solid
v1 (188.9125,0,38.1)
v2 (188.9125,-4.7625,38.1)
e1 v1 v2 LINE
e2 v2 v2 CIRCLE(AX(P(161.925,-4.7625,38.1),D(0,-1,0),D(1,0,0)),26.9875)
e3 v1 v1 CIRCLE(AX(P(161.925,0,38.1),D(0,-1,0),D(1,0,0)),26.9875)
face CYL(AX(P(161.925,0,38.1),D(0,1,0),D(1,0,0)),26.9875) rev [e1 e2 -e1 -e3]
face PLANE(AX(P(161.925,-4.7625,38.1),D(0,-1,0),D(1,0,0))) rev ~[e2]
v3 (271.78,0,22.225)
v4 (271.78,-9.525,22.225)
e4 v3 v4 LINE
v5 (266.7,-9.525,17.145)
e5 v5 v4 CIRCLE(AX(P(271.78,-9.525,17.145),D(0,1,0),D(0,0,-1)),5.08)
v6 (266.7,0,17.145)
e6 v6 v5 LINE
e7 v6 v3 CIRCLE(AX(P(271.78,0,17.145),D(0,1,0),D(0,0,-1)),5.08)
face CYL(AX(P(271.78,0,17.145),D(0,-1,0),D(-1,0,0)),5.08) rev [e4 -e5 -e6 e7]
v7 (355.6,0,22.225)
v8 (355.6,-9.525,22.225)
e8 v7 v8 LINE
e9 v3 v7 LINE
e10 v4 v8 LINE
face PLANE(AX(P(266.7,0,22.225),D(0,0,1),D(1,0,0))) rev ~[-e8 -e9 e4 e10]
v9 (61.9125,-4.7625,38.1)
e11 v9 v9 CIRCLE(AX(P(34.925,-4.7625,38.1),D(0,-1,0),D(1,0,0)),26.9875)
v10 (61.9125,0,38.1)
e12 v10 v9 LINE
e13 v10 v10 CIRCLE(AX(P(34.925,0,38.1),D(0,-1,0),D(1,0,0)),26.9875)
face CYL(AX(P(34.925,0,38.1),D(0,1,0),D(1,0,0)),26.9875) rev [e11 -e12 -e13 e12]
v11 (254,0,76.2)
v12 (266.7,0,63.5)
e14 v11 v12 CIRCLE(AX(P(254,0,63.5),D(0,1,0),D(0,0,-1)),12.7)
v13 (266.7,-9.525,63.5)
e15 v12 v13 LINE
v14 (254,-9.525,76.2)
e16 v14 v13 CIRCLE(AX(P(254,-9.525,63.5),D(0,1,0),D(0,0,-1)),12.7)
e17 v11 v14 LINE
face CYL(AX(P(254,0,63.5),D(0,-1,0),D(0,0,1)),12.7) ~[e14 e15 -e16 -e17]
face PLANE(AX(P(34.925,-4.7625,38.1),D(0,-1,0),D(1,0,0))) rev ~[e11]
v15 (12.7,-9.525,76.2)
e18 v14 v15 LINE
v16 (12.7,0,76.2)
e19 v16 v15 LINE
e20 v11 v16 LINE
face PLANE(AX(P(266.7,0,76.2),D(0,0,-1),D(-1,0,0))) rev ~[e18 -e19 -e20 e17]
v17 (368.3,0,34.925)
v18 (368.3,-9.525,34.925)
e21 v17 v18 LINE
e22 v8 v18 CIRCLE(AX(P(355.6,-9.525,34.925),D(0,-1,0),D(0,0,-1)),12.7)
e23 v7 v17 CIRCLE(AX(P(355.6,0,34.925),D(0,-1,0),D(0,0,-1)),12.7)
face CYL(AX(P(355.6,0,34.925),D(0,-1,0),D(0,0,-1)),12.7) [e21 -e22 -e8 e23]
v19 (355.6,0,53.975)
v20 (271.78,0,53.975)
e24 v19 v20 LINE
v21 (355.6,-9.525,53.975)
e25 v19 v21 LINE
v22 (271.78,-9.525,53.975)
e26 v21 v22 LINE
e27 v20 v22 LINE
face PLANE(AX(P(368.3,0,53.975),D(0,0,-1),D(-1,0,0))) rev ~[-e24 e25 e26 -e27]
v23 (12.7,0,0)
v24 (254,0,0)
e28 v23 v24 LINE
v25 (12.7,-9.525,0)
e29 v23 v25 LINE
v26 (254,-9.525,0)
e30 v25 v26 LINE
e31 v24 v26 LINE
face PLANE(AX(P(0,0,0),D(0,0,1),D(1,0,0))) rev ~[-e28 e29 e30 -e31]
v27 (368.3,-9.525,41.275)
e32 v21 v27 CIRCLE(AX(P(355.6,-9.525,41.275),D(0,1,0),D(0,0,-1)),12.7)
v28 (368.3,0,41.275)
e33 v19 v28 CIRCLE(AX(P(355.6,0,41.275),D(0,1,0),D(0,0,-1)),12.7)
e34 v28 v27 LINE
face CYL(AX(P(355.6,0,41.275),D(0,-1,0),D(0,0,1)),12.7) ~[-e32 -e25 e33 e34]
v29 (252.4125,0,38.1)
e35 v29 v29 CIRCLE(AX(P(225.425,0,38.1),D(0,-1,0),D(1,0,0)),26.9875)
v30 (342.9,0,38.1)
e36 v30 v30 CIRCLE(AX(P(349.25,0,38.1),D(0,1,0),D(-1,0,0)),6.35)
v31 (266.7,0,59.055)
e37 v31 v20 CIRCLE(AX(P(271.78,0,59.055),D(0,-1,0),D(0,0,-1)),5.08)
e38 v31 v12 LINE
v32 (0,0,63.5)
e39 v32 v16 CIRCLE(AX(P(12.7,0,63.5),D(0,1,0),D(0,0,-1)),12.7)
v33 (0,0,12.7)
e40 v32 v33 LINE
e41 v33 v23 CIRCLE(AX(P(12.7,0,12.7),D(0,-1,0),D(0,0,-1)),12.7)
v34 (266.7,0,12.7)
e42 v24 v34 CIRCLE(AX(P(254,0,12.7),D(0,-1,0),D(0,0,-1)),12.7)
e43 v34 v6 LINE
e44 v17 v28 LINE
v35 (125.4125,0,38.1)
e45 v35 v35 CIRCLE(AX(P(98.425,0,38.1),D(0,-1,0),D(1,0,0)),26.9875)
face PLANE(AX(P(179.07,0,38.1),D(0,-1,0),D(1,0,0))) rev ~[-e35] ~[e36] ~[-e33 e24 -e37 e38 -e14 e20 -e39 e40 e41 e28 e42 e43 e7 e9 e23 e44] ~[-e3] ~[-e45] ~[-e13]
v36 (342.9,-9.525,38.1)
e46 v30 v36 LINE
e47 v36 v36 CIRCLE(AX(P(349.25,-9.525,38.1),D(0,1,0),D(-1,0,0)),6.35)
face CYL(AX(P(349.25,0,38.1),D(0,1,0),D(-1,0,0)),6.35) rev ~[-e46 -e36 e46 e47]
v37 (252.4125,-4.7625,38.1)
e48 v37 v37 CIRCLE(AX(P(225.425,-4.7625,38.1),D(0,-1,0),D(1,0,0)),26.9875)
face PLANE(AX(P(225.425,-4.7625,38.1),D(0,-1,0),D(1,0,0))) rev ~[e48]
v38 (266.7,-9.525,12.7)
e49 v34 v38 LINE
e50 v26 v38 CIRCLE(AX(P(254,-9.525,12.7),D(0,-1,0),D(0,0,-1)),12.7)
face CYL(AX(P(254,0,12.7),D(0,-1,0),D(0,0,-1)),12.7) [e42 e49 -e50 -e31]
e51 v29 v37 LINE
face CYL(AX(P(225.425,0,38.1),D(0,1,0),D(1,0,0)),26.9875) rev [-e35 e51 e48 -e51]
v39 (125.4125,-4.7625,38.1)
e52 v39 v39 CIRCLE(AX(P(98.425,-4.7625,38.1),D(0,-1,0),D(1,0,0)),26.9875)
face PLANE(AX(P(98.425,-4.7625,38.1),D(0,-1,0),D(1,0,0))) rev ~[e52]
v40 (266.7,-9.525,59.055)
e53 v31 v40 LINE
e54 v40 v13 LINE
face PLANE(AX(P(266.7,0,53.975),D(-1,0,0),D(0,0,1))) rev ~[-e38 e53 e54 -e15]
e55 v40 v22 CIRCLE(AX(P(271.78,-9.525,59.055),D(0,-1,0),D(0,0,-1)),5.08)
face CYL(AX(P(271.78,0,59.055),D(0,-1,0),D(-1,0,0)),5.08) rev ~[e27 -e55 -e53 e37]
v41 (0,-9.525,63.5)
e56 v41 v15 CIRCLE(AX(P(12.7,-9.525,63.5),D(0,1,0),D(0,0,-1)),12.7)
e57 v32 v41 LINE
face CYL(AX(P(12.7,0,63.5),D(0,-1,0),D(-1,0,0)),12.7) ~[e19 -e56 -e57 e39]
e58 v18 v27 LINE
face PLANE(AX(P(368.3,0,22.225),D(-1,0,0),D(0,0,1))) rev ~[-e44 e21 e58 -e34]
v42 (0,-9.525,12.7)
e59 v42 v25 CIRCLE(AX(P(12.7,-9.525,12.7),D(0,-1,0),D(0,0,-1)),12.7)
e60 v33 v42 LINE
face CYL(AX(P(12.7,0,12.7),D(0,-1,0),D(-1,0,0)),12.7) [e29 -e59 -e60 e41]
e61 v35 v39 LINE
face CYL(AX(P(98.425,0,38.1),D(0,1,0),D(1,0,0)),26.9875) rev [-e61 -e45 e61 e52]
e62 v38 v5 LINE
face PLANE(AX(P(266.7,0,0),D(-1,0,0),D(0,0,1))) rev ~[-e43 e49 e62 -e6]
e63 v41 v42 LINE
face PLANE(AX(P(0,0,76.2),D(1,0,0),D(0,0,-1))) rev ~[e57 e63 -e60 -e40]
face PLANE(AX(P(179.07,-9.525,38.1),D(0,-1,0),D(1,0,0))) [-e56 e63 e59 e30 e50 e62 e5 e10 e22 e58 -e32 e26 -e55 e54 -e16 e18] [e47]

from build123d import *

# Parameters (mm, degrees)
F0_R     = 26.9875
F1_DEPTH = 9.525
F2_DEPTH = 4.7625
F3_R     = 12.7
F4_R     = 6.35
F5_DEPTH = 9.526
F6_R     = 5.08


with BuildPart() as f1:
    # F0 (on Front) → F1 (new body)
    with BuildSketch(Plane.XZ):
        Polygon((0, 76.2), (0, 0), (266.7, 0), (266.7, 22.225), (368.3, 22.225), (368.3, 53.975), (266.7, 53.975), (266.7, 76.2), align=None)
        with Locations((34.925, 38.1)):
            Circle(F0_R, mode=Mode.SUBTRACT)
        with Locations((98.425, 38.1)):
            Circle(F0_R, mode=Mode.SUBTRACT)
        with Locations((161.925, 38.1)):
            Circle(F0_R, mode=Mode.SUBTRACT)
        with Locations((225.425, 38.1)):
            Circle(F0_R, mode=Mode.SUBTRACT)
        with Locations((34.925, 38.1)):
            Circle(F0_R)
        with Locations((98.425, 38.1)):
            Circle(F0_R)
        with Locations((161.925, 38.1)):
            Circle(F0_R)
        with Locations((225.425, 38.1)):
            Circle(F0_R)
    extrude(amount=F1_DEPTH)

    # F0 (on Front) → F2 (cut)
    with BuildSketch(Plane.XZ):
        with Locations((225.425, 38.1)):
            Circle(F0_R)
        with Locations((161.925, 38.1)):
            Circle(F0_R)
        with Locations((98.425, 38.1)):
            Circle(F0_R)
        with Locations((34.925, 38.1)):
            Circle(F0_R)
    extrude(amount=F2_DEPTH, mode=Mode.SUBTRACT)

    # F3
    f3_edges = [f1.edges().sort_by_distance(p)[0] for p in [
        (0, -4.7625, 76.2),
        (0, -4.7625, 0),
        (266.7, -4.7625, 76.2),
        (266.7, -4.7625, 0),
        (368.3, -4.7625, 53.975),
        (368.3, -4.7625, 22.225),
    ]]
    fillet(f3_edges, radius=F3_R)

    # F4 (on face) → F5 (cut, through all)
    with BuildSketch(Plane(origin=(0, 0, 0), x_dir=(-1, 0, 0), z_dir=(0, 1, 0))):
        with Locations((-349.25, 38.1)):
            Circle(F4_R)
    extrude(amount=-F5_DEPTH, mode=Mode.SUBTRACT)

    # F6
    f6_edges = [f1.edges().sort_by_distance(p)[0] for p in [
        (266.7, -4.7625, 53.975),
        (266.7, -4.7625, 22.225),
    ]]
    fillet(f6_edges, radius=F6_R)


solid = f1.part
